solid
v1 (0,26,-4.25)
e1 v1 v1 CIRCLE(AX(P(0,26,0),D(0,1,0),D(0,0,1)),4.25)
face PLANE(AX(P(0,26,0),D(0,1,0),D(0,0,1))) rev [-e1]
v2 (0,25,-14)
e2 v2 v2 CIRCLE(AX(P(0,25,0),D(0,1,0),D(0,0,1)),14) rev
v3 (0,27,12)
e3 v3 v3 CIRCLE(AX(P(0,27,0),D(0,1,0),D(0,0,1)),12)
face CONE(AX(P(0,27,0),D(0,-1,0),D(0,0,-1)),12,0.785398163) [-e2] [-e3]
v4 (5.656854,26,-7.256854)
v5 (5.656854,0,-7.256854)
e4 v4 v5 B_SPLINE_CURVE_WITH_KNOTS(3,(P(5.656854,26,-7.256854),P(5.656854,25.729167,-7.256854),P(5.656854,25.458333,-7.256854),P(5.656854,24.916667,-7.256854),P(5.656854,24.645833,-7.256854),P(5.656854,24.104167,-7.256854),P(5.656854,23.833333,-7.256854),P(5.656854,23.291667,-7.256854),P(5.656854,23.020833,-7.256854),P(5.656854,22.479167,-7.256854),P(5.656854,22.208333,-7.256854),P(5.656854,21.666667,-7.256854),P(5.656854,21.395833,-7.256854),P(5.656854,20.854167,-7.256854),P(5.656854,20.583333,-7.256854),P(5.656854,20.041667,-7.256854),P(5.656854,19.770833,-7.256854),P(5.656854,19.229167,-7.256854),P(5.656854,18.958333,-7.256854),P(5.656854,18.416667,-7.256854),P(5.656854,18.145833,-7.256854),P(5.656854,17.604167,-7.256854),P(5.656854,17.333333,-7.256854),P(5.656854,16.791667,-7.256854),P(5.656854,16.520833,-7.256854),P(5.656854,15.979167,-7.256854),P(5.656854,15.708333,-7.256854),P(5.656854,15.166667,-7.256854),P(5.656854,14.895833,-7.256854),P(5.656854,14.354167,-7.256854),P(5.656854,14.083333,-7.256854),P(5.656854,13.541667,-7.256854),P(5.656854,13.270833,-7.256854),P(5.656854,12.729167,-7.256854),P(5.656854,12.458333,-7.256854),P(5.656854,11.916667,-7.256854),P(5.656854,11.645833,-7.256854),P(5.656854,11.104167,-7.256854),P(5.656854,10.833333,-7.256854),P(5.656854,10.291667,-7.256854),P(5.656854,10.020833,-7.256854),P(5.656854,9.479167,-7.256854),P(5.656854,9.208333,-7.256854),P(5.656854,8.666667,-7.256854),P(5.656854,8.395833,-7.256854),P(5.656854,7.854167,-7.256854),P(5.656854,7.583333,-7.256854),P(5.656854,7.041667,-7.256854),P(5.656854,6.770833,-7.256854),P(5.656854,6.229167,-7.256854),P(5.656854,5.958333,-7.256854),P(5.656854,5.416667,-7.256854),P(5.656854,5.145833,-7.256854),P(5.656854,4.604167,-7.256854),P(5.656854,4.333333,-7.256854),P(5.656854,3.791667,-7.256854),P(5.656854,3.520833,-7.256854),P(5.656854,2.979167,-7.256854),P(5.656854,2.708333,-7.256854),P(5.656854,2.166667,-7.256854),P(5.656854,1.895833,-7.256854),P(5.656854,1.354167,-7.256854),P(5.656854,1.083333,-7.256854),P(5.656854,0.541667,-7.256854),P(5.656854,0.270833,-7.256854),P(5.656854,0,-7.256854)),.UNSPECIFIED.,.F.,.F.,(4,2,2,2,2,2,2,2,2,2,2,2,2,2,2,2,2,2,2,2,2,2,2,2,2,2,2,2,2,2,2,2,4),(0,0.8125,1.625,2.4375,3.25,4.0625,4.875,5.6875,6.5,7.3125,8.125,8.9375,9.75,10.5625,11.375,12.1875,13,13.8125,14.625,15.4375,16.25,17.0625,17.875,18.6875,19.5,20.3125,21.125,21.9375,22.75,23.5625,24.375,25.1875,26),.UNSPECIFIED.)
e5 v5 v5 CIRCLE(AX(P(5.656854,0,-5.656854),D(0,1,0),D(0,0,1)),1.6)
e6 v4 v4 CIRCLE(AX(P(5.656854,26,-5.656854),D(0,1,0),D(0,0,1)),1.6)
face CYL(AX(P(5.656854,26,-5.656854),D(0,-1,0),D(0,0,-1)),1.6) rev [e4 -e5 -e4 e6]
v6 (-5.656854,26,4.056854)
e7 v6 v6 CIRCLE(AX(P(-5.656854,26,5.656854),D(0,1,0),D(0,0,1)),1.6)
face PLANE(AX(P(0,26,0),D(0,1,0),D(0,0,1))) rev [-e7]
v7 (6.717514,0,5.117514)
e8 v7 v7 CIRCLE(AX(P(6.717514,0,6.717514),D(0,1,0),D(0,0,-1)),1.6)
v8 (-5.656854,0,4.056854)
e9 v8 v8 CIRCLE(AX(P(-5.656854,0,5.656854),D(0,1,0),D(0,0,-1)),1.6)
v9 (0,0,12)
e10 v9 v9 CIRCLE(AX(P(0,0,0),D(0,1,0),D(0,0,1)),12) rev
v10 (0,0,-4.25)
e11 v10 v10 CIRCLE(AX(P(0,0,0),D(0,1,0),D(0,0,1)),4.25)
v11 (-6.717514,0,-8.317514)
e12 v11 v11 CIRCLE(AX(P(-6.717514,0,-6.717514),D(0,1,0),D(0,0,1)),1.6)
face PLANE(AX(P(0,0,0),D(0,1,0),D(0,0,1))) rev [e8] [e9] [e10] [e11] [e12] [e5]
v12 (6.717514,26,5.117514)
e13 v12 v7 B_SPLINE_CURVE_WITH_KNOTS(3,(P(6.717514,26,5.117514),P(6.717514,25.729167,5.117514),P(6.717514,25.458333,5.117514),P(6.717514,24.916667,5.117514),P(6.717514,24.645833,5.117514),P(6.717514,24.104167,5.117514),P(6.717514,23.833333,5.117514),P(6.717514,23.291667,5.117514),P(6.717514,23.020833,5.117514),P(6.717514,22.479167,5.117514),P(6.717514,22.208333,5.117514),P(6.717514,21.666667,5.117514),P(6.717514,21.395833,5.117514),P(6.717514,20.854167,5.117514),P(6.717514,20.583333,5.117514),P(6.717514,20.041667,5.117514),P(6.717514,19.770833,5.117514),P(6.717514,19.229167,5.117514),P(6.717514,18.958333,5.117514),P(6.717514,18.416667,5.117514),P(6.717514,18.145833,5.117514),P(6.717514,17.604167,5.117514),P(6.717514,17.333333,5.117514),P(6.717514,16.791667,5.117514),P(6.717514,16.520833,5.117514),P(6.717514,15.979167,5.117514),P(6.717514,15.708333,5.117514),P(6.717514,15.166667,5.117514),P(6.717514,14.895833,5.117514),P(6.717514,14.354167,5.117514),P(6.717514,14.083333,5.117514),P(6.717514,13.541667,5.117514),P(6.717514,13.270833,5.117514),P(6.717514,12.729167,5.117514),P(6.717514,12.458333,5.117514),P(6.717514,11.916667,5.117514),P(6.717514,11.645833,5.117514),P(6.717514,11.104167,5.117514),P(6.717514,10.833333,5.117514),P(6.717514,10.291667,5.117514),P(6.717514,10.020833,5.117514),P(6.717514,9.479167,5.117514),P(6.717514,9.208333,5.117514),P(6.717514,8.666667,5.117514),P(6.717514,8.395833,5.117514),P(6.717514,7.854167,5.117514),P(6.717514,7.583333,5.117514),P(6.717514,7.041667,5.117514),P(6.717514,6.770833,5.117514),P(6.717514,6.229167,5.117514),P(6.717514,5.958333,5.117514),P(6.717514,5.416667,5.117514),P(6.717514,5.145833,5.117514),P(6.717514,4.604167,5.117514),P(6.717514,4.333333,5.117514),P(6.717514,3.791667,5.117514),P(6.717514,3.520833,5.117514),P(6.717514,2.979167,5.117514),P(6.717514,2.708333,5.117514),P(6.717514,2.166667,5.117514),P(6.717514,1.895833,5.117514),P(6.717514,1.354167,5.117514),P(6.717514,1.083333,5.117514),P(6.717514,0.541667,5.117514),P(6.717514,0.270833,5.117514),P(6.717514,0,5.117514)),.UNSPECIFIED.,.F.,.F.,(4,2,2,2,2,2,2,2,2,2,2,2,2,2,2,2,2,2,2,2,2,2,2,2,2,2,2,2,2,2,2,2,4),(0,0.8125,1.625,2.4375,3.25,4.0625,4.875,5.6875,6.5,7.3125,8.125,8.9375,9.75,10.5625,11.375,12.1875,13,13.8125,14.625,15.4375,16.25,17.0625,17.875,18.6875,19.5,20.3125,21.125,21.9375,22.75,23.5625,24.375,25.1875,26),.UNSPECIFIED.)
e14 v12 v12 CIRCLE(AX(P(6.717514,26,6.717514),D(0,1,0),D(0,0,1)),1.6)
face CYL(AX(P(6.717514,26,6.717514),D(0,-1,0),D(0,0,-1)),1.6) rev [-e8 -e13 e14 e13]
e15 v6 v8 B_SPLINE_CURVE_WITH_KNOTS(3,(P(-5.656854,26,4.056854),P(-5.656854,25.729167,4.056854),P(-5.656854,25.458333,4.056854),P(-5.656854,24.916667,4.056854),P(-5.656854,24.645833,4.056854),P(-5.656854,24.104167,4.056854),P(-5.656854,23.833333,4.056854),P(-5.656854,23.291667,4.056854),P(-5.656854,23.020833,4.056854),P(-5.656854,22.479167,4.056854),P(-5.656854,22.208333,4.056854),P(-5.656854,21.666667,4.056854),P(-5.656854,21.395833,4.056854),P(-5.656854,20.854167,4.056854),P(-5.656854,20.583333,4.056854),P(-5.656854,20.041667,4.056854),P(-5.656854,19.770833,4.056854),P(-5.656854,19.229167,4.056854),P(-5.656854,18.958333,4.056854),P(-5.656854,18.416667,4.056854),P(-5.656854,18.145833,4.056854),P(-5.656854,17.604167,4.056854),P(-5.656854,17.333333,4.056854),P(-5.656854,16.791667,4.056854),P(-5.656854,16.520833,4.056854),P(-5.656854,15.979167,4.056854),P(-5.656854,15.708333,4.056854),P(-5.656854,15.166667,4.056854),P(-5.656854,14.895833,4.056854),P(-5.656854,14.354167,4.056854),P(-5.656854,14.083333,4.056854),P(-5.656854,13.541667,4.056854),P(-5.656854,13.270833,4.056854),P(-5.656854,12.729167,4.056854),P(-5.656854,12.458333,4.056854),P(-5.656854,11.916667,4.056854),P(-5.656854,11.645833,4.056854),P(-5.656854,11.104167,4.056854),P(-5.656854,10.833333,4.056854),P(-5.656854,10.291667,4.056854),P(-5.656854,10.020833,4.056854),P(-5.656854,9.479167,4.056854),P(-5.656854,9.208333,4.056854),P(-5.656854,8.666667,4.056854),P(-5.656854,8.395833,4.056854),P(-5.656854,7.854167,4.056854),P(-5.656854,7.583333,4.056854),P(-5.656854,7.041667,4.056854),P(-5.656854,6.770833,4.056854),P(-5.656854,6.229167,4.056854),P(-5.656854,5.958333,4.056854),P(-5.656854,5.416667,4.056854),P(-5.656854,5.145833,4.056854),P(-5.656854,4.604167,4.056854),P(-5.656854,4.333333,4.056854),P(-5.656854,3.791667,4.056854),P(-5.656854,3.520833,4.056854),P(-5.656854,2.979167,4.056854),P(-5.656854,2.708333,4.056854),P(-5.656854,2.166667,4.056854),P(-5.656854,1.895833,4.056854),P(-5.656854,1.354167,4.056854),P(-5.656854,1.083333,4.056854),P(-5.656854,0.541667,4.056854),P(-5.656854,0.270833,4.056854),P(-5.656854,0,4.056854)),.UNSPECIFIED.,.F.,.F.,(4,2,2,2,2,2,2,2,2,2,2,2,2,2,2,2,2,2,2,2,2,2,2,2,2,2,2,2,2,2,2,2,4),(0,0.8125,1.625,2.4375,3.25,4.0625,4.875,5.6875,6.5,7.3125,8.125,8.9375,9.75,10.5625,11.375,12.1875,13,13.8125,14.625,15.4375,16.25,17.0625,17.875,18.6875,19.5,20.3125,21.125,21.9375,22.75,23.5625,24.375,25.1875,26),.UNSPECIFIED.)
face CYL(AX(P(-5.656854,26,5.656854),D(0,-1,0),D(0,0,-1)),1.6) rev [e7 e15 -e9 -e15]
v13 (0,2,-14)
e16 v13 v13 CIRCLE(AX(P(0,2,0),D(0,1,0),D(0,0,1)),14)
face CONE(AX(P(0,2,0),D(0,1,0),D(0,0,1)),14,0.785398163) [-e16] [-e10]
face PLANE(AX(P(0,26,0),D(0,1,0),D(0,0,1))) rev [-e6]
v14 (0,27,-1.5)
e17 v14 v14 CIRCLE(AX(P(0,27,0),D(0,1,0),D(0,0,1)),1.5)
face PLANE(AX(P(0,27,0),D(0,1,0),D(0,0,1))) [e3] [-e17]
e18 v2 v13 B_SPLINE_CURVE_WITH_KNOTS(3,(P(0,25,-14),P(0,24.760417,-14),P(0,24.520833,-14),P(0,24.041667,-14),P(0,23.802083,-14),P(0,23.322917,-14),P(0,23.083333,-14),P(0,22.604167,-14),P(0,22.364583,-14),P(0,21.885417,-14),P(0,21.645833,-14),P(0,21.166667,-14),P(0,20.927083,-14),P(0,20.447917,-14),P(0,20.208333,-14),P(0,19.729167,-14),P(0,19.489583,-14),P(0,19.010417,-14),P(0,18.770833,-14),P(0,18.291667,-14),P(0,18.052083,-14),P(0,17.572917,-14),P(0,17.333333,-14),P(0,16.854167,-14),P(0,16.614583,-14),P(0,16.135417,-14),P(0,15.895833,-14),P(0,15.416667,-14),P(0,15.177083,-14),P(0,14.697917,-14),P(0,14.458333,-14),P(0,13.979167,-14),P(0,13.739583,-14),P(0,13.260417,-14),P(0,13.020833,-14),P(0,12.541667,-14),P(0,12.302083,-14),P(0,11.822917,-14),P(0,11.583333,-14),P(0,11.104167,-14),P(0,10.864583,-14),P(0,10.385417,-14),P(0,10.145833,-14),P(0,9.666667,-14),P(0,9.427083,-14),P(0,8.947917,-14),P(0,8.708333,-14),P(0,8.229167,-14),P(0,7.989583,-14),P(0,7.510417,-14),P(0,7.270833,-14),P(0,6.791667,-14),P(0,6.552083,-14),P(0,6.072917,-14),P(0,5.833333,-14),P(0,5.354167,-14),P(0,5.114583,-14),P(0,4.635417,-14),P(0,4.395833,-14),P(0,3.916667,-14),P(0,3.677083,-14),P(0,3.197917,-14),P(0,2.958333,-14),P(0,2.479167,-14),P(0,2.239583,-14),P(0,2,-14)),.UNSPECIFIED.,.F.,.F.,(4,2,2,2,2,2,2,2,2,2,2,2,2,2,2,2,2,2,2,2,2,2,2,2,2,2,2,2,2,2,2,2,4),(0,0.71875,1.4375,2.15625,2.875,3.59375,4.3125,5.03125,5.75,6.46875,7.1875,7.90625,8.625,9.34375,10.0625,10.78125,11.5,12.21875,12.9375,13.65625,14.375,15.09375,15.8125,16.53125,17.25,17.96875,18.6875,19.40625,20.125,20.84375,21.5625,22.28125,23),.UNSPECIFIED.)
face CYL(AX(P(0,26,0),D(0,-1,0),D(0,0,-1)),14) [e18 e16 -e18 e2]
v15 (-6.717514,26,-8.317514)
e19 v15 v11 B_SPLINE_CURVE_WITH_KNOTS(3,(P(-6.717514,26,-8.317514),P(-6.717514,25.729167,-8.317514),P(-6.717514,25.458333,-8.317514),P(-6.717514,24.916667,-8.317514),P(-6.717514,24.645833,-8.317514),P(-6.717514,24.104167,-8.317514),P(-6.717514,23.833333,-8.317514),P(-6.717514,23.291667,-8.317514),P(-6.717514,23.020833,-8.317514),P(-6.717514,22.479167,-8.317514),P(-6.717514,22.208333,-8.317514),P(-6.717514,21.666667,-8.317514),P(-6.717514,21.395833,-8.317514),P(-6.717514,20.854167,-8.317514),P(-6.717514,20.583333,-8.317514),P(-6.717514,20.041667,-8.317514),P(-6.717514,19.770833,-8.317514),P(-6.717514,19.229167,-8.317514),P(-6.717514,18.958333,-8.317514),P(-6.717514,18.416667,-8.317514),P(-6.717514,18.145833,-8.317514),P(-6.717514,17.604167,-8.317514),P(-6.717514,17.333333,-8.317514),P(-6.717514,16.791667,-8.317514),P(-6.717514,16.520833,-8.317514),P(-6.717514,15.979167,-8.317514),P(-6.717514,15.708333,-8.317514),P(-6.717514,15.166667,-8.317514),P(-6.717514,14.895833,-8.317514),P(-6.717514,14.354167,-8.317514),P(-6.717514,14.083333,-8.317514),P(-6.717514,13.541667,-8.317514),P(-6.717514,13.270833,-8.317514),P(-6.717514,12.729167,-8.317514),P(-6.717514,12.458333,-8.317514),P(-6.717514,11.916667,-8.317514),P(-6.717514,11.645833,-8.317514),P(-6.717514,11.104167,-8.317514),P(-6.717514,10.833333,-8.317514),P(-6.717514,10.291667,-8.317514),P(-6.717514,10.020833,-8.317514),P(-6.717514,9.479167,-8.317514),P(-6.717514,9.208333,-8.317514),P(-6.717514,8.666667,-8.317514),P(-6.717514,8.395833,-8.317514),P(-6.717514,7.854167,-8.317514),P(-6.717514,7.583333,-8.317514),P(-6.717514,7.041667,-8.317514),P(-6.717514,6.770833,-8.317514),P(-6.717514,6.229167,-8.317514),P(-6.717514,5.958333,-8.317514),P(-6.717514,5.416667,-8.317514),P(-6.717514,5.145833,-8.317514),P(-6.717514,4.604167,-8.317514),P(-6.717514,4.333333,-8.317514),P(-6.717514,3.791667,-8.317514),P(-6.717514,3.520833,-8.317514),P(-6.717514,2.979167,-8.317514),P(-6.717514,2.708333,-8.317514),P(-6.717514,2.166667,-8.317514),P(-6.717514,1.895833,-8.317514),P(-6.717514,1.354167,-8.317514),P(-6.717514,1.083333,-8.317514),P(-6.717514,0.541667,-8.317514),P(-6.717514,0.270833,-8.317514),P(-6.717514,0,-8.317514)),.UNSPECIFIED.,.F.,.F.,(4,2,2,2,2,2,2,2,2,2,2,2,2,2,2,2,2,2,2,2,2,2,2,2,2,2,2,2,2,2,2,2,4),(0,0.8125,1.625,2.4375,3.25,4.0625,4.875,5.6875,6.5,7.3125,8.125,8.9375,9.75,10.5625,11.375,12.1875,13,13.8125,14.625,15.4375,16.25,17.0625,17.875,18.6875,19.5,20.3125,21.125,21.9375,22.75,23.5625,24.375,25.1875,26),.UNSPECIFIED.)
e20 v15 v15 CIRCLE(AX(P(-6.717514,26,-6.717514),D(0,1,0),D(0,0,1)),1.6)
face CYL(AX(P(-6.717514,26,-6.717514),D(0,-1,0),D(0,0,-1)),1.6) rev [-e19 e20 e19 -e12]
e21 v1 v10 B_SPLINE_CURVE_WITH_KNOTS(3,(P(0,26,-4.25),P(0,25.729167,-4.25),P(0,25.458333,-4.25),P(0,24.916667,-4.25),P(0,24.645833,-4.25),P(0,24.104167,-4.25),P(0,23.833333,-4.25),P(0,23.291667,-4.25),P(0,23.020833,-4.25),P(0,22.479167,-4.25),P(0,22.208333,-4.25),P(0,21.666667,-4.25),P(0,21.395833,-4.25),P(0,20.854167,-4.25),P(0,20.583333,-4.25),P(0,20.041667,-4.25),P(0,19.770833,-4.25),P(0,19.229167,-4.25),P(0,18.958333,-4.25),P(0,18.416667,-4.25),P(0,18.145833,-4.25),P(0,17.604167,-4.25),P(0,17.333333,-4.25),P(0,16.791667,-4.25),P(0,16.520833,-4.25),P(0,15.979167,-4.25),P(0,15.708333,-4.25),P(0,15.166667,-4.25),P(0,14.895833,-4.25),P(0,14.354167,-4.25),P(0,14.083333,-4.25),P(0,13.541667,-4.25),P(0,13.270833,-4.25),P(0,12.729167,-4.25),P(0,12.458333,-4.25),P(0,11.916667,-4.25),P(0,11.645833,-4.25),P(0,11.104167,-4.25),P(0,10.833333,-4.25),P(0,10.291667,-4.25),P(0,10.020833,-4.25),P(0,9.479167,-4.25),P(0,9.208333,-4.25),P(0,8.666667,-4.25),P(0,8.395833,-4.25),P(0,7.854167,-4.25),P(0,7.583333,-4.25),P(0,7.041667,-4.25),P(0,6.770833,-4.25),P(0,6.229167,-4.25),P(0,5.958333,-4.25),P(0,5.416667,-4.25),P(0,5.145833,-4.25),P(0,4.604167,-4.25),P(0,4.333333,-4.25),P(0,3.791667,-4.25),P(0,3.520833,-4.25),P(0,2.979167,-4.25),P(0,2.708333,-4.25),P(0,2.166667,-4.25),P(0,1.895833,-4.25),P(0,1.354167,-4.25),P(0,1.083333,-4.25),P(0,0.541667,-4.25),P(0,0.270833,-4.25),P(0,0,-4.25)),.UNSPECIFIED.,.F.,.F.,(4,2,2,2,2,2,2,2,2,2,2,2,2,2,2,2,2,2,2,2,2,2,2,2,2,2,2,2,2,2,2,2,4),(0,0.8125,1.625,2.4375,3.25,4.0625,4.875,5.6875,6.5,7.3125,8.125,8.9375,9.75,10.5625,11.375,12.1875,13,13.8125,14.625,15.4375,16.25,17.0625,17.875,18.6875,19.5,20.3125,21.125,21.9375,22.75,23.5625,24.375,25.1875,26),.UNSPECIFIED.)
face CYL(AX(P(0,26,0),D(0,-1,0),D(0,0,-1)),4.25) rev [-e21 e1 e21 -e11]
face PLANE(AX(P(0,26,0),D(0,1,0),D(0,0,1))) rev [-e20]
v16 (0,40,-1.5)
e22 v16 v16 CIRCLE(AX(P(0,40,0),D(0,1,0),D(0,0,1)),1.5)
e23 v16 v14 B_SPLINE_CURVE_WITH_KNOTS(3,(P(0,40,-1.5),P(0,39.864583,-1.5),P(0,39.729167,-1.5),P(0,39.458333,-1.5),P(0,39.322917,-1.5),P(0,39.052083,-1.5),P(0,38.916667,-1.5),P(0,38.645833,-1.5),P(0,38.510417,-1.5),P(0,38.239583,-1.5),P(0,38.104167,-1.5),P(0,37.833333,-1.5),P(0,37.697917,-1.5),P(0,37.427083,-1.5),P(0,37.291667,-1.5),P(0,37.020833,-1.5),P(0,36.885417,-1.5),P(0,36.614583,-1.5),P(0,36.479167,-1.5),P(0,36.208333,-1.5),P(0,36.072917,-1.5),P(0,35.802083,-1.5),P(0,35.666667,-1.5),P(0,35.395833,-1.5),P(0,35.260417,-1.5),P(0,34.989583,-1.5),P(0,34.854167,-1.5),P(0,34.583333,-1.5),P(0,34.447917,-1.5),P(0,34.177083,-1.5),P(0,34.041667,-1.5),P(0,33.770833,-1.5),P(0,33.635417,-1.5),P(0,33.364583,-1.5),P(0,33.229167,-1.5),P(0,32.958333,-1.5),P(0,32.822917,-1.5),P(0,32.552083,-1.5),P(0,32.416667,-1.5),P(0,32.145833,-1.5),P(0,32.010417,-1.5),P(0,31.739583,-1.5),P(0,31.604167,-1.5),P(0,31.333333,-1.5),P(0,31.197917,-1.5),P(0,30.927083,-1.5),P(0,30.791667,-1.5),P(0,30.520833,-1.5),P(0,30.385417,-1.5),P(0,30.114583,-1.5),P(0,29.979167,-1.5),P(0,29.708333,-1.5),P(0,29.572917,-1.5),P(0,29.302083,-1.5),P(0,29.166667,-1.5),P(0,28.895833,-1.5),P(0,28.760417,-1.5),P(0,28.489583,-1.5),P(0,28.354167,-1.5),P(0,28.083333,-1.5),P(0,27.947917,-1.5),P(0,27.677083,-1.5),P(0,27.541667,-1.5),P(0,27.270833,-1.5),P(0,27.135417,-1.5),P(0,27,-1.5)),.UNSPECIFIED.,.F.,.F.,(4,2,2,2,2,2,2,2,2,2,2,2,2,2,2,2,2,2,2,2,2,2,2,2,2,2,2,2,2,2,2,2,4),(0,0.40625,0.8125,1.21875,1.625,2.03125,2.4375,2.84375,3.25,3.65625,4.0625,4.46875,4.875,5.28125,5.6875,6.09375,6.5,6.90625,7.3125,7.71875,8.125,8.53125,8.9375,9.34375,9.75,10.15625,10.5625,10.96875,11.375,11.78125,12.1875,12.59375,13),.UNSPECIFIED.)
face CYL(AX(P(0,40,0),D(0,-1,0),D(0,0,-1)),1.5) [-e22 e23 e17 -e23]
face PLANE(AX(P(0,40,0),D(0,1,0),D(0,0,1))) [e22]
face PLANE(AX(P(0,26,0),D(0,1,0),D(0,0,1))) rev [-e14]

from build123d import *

# Parameters (mm, degrees)
SKETCH1_R           = 14
SKETCH1_R_2         = 1.6
SKETCH1_R_3         = 4.25
BOSS_EXTRUDE1_DEPTH = 26
CHAMFER1_SIZE       = 2
SKETCH2_R           = 14
BOSS_EXTRUDE2_DEPTH = 1
CHAMFER2_SIZE       = 2
SKETCH4_R           = 1.5
BOSS_EXTRUDE3_DEPTH = 13


with BuildPart() as part:
    # Sketch1 → Boss-Extrude1 (new body)
    with BuildSketch(Plane(origin=(0, 0, 0), x_dir=(1, 0, 0), z_dir=(0, 1, 0))):
        with Locations(Location((0, 0, 0), (0, 0, 90))):
            Circle(SKETCH1_R)
        with Locations(Location((-6.717514421, 6.717514421, 0), (0, 0, 90))):
            Circle(SKETCH1_R_2, mode=Mode.SUBTRACT)
        with Locations(Location((5.656854249, 5.656854249, 0), (0, 0, 90))):
            Circle(SKETCH1_R_2, mode=Mode.SUBTRACT)
        with Locations(Location((0, 0, 0), (0, 0, 90))):
            Circle(SKETCH1_R_3, mode=Mode.SUBTRACT)
        with Locations(Location((6.717514421, -6.717514421, 0), (0, 0, 90))):
            Circle(SKETCH1_R_2, mode=Mode.SUBTRACT)
        with Locations(Location((-5.656854249, -5.656854249, 0), (0, 0, 90))):
            Circle(SKETCH1_R_2, mode=Mode.SUBTRACT)
    extrude(amount=BOSS_EXTRUDE1_DEPTH)

    # Chamfer1
    chamfer1_edges = [part.edges().sort_by_distance(p)[0] for p in [
        (0, 0, 14),
    ]]
    chamfer(chamfer1_edges, length=CHAMFER1_SIZE)

    # Sketch2 → Boss-Extrude2 (add)
    with BuildSketch(Plane(origin=(0, 26, 0), x_dir=(1, 0, 0), z_dir=(0, 1, 0))):
        with Locations(Location((0, 0, 0), (0, 0, 90))):
            Circle(SKETCH2_R)
    extrude(amount=BOSS_EXTRUDE2_DEPTH)

    # Chamfer2
    chamfer2_edges = [part.edges().sort_by_distance(p)[0] for p in [
        (0, 27, 14),
    ]]
    chamfer(chamfer2_edges, length=CHAMFER2_SIZE)

    # Sketch4 → Boss-Extrude3 (add)
    with BuildSketch(Plane(origin=(0, 27, 0), x_dir=(1, 0, 0), z_dir=(0, 1, 0))):
        with Locations(Location((0, 0, 0), (0, 0, 90))):
            Circle(SKETCH4_R)
    extrude(amount=BOSS_EXTRUDE3_DEPTH)


solid = part.part
